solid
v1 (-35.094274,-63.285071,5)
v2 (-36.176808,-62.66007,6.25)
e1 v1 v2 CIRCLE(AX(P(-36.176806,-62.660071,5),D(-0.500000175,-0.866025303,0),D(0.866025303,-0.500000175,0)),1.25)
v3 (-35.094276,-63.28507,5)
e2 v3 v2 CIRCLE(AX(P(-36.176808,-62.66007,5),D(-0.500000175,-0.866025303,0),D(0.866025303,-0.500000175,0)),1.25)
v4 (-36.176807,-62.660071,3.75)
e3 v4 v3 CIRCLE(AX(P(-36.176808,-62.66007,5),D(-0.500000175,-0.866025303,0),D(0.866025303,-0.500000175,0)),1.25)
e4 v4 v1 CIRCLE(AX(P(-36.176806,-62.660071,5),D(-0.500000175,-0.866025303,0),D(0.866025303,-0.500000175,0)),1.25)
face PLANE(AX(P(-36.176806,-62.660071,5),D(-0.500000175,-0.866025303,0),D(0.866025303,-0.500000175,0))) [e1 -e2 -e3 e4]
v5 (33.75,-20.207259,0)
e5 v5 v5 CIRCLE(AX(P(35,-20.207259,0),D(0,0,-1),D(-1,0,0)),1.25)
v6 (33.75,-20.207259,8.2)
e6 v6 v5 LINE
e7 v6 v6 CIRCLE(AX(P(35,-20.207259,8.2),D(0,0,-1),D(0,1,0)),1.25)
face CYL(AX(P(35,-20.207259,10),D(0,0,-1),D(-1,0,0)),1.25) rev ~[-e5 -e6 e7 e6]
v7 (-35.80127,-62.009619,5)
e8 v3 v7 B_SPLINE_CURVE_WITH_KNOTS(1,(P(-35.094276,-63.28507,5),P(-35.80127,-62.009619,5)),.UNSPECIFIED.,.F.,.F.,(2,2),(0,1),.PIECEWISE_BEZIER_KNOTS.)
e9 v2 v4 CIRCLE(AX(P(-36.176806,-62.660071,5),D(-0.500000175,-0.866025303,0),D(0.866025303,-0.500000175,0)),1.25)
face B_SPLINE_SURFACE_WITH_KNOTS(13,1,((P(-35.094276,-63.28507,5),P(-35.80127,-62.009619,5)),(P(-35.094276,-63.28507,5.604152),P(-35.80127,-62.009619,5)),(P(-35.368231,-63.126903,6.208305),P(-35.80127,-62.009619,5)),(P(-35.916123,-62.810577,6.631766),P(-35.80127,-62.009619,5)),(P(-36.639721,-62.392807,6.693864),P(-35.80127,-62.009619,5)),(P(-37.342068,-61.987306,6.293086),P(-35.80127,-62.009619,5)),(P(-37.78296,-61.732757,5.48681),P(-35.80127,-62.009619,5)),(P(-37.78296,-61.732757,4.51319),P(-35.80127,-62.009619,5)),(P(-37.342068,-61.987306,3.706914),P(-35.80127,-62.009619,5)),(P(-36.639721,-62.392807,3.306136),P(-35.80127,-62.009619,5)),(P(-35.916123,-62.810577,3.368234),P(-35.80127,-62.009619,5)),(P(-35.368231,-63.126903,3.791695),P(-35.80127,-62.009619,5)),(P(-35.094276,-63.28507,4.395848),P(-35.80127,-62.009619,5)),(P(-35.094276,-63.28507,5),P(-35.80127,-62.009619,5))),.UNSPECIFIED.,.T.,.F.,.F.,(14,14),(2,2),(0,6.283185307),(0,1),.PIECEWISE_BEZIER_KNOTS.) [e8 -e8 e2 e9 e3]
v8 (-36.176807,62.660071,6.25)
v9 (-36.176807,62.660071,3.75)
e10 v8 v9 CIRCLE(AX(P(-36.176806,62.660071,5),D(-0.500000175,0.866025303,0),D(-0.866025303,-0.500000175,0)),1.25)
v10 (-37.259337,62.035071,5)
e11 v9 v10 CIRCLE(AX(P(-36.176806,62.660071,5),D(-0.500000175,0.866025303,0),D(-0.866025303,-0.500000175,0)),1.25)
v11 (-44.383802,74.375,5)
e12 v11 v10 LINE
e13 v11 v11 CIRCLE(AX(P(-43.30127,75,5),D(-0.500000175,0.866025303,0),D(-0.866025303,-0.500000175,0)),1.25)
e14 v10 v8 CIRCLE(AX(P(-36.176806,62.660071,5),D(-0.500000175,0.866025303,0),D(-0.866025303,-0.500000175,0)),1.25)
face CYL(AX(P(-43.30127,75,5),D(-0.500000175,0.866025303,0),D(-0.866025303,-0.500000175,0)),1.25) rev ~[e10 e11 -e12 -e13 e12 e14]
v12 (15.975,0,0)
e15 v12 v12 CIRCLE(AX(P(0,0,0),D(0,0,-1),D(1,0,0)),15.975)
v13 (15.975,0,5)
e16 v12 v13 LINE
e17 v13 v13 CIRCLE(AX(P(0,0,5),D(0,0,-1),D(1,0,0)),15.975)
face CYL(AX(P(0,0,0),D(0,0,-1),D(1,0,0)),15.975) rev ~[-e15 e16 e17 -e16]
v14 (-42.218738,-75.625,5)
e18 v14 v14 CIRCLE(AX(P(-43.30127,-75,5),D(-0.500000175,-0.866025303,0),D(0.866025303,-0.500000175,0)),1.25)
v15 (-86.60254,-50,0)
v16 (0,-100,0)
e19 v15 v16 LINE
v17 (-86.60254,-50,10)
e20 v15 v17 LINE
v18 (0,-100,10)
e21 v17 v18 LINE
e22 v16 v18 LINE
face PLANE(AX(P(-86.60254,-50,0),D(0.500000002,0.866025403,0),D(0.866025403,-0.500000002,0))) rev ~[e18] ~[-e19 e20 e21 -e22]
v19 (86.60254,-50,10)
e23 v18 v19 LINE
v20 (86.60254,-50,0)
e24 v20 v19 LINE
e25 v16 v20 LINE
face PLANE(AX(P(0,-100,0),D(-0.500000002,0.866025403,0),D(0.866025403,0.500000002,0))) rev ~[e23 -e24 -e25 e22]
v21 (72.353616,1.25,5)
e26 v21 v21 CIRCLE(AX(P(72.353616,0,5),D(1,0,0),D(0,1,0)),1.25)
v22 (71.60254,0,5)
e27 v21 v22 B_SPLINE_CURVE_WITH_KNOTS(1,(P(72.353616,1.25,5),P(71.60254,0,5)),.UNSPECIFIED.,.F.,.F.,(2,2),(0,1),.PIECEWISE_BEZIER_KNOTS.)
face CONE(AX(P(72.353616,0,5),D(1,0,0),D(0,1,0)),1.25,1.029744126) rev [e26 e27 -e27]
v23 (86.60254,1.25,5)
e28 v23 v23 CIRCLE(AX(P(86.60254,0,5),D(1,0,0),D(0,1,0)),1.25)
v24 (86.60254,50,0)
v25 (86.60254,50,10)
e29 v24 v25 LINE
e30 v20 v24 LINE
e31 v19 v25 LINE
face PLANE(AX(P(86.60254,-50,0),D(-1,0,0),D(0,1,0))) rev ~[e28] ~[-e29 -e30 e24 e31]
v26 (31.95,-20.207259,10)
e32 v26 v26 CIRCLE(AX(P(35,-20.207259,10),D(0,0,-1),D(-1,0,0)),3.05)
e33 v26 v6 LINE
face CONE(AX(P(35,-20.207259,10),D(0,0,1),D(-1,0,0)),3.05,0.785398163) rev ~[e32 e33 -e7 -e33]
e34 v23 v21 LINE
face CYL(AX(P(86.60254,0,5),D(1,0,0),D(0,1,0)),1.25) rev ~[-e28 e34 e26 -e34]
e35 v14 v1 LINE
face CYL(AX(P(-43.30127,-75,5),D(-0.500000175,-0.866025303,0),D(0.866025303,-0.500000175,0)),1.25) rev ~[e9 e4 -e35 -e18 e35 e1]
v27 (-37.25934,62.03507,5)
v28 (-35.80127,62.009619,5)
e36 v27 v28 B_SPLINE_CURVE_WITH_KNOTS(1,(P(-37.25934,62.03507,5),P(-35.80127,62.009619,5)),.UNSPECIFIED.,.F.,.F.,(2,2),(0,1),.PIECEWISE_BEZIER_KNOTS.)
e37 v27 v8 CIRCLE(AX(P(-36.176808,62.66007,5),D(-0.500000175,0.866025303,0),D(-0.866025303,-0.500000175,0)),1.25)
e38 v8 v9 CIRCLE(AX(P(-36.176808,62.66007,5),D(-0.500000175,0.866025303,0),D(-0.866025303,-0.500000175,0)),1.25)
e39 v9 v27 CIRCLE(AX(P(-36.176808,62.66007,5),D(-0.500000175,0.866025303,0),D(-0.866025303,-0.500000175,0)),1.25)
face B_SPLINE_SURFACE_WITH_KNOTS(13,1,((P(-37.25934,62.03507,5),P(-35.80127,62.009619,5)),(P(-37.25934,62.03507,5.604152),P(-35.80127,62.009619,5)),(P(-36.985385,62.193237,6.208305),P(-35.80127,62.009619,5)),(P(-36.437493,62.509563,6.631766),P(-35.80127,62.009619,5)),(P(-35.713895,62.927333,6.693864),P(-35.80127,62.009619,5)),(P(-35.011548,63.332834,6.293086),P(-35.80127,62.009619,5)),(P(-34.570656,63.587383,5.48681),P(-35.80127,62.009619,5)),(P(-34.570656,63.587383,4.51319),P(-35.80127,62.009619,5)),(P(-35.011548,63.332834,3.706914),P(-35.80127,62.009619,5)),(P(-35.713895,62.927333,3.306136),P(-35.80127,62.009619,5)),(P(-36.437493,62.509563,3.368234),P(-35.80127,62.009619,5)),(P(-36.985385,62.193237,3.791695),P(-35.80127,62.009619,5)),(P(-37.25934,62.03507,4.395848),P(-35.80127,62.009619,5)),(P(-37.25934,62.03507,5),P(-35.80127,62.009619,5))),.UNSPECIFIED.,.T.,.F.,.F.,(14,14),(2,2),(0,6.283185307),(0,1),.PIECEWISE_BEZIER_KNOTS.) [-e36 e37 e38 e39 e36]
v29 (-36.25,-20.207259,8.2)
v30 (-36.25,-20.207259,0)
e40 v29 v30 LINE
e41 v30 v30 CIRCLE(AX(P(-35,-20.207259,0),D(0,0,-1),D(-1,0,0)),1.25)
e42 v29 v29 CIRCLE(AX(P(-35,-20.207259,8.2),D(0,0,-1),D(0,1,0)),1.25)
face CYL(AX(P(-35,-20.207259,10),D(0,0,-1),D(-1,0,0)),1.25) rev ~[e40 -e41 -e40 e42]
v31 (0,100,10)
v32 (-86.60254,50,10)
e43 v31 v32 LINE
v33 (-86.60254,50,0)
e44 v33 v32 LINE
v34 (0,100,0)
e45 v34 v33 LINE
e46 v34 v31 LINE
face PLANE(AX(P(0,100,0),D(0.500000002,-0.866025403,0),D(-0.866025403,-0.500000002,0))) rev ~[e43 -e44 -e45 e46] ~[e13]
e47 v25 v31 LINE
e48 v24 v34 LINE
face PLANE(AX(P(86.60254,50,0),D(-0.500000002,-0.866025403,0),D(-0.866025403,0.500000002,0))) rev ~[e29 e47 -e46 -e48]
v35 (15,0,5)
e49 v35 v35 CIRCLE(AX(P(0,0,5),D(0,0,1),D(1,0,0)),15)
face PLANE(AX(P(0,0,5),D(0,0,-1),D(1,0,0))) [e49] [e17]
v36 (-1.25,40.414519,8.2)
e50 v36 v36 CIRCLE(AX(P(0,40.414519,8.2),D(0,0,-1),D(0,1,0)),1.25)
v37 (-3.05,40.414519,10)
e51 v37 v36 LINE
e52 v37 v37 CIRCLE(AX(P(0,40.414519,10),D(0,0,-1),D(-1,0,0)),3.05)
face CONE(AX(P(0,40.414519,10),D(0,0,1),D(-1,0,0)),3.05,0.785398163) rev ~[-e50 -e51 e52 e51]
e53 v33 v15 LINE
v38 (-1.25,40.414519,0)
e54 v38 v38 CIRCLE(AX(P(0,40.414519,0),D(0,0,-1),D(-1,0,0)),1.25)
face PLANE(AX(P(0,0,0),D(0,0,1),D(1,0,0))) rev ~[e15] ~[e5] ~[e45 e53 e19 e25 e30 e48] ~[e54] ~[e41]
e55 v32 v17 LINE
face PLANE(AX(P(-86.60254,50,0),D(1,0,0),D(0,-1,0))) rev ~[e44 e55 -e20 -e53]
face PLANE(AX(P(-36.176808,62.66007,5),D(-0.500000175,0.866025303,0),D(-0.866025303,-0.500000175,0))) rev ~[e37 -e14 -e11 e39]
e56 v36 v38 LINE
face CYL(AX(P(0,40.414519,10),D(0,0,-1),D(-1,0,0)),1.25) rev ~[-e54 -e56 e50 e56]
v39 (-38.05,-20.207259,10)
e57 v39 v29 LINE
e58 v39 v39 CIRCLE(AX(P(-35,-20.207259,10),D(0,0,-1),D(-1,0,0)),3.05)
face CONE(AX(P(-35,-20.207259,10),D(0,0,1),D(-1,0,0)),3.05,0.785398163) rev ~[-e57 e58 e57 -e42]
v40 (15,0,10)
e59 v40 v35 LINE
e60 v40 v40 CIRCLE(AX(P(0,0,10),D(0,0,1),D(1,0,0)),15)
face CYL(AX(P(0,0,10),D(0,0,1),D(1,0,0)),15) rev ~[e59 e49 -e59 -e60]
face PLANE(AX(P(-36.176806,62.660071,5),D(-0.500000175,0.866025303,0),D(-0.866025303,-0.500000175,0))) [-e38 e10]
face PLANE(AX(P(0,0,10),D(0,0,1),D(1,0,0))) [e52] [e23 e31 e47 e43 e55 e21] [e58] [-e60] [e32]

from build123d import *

# Parameters (mm, degrees)
PAD041_DEPTH        = 10
SKETCH094_R         = 15.975
POCKET017_DEPTH     = 5
SKETCH093_R         = 15
POCKET018_DEPTH     = 5
HOLE016_D           = 2.5
HOLE016_DEPTH       = 25
HOLE016_CSINK_D     = 6.1
HOLE016_CSINK_ANGLE = 90
SKETCH096_R         = 1.25
HOLE017_DEPTH       = 14.248924
HOLE017_TIPS_R      = 1.25
SKETCH097_R         = 1.25
HOLE018_DEPTH       = 14.248924
HOLE018_TIPS_R      = 1.25
SKETCH_R            = 1.25
HOLE_DEPTH          = 14.248924
HOLE_TIPS_R         = 1.25


with BuildPart() as part:
    # Sketch092 → Pad041 (new body)
    with BuildSketch(Plane.XY):
        Polygon((86.60254, 50), (0, 100), (-86.60254, 50), (-86.60254, -50), (0, -100), (86.60254, -50), align=None)
    extrude(amount=PAD041_DEPTH)

    # Sketch094 → Pocket017 (cut)
    with BuildSketch(Plane(origin=(0, 0, 0), x_dir=(1, 0, 0), z_dir=(0, 0, -1))):
        Circle(SKETCH094_R)
    extrude(amount=-POCKET017_DEPTH, mode=Mode.SUBTRACT)

    # Sketch093 → Pocket018 (cut)
    with BuildSketch(Plane.XY.offset(10)):
        Circle(SKETCH093_R)
    extrude(amount=-POCKET018_DEPTH, mode=Mode.SUBTRACT)

    # Hole016
    with Locations(Plane.XY.offset(10)):
        with Locations((0, 40.414519), (35, -20.207259), (-35, -20.207259)):
            CounterSinkHole(HOLE016_D / 2, HOLE016_CSINK_D / 2, depth=HOLE016_DEPTH, counter_sink_angle=HOLE016_CSINK_ANGLE)

    # Sketch096 (on Face2 of Hole016) → Hole017 (cut)
    with BuildSketch(Plane.YZ.offset(86.60254)):
        with Locations((0, 5)):
            Circle(SKETCH096_R)
    extrude(amount=-HOLE017_DEPTH, mode=Mode.SUBTRACT)

    # Hole017 tips → Hole017 tip 1 section 0
    with BuildSketch(Plane.YZ.offset(72.353616), mode=Mode.PRIVATE) as hole017_tip_1_s0:
        with Locations((0, 5)):
            Circle(HOLE017_TIPS_R)
    loft([hole017_tip_1_s0.sketch, Vertex(71.60254, 0, 5)], mode=Mode.SUBTRACT)

    # Sketch097 (on Face3 of Hole017) → Hole018 (cut)
    with BuildSketch(Plane(origin=(-43.30127, 75, 0), x_dir=(-0.866025, -0.5, 0), z_dir=(-0.5, 0.866025, 0))):
        with Locations((0, 5)):
            Circle(SKETCH097_R)
    extrude(amount=-HOLE018_DEPTH, mode=Mode.SUBTRACT)

    # Hole018 tips → Hole018 tip 1 section 0
    with BuildSketch(Plane(origin=(-36.176808, 62.66007, 0), x_dir=(-0.866025, -0.5, 0), z_dir=(-0.5, 0.866025, 0)), mode=Mode.PRIVATE) as hole018_tip_1_s0:
        with Locations((0, 5)):
            Circle(HOLE018_TIPS_R)
    loft([hole018_tip_1_s0.sketch, Vertex(-35.80127, 62.009619, 5)], mode=Mode.SUBTRACT)

    # Sketch (on Face10 of Hole018) → Hole (cut)
    with BuildSketch(Plane(origin=(-43.30127, -75, 0), x_dir=(0.866025, -0.5, 0), z_dir=(-0.5, -0.866025, 0))):
        with Locations((0, 5)):
            Circle(SKETCH_R)
    extrude(amount=-HOLE_DEPTH, mode=Mode.SUBTRACT)

    # Hole tips → Hole tip 1 section 0
    with BuildSketch(Plane(origin=(-36.176808, -62.66007, 0), x_dir=(0.866025, -0.5, 0), z_dir=(-0.5, -0.866025, 0)), mode=Mode.PRIVATE) as hole_tip_1_s0:
        with Locations((0, 5)):
            Circle(HOLE_TIPS_R)
    loft([hole_tip_1_s0.sketch, Vertex(-35.80127, -62.009619, 5)], mode=Mode.SUBTRACT)


solid = part.part
